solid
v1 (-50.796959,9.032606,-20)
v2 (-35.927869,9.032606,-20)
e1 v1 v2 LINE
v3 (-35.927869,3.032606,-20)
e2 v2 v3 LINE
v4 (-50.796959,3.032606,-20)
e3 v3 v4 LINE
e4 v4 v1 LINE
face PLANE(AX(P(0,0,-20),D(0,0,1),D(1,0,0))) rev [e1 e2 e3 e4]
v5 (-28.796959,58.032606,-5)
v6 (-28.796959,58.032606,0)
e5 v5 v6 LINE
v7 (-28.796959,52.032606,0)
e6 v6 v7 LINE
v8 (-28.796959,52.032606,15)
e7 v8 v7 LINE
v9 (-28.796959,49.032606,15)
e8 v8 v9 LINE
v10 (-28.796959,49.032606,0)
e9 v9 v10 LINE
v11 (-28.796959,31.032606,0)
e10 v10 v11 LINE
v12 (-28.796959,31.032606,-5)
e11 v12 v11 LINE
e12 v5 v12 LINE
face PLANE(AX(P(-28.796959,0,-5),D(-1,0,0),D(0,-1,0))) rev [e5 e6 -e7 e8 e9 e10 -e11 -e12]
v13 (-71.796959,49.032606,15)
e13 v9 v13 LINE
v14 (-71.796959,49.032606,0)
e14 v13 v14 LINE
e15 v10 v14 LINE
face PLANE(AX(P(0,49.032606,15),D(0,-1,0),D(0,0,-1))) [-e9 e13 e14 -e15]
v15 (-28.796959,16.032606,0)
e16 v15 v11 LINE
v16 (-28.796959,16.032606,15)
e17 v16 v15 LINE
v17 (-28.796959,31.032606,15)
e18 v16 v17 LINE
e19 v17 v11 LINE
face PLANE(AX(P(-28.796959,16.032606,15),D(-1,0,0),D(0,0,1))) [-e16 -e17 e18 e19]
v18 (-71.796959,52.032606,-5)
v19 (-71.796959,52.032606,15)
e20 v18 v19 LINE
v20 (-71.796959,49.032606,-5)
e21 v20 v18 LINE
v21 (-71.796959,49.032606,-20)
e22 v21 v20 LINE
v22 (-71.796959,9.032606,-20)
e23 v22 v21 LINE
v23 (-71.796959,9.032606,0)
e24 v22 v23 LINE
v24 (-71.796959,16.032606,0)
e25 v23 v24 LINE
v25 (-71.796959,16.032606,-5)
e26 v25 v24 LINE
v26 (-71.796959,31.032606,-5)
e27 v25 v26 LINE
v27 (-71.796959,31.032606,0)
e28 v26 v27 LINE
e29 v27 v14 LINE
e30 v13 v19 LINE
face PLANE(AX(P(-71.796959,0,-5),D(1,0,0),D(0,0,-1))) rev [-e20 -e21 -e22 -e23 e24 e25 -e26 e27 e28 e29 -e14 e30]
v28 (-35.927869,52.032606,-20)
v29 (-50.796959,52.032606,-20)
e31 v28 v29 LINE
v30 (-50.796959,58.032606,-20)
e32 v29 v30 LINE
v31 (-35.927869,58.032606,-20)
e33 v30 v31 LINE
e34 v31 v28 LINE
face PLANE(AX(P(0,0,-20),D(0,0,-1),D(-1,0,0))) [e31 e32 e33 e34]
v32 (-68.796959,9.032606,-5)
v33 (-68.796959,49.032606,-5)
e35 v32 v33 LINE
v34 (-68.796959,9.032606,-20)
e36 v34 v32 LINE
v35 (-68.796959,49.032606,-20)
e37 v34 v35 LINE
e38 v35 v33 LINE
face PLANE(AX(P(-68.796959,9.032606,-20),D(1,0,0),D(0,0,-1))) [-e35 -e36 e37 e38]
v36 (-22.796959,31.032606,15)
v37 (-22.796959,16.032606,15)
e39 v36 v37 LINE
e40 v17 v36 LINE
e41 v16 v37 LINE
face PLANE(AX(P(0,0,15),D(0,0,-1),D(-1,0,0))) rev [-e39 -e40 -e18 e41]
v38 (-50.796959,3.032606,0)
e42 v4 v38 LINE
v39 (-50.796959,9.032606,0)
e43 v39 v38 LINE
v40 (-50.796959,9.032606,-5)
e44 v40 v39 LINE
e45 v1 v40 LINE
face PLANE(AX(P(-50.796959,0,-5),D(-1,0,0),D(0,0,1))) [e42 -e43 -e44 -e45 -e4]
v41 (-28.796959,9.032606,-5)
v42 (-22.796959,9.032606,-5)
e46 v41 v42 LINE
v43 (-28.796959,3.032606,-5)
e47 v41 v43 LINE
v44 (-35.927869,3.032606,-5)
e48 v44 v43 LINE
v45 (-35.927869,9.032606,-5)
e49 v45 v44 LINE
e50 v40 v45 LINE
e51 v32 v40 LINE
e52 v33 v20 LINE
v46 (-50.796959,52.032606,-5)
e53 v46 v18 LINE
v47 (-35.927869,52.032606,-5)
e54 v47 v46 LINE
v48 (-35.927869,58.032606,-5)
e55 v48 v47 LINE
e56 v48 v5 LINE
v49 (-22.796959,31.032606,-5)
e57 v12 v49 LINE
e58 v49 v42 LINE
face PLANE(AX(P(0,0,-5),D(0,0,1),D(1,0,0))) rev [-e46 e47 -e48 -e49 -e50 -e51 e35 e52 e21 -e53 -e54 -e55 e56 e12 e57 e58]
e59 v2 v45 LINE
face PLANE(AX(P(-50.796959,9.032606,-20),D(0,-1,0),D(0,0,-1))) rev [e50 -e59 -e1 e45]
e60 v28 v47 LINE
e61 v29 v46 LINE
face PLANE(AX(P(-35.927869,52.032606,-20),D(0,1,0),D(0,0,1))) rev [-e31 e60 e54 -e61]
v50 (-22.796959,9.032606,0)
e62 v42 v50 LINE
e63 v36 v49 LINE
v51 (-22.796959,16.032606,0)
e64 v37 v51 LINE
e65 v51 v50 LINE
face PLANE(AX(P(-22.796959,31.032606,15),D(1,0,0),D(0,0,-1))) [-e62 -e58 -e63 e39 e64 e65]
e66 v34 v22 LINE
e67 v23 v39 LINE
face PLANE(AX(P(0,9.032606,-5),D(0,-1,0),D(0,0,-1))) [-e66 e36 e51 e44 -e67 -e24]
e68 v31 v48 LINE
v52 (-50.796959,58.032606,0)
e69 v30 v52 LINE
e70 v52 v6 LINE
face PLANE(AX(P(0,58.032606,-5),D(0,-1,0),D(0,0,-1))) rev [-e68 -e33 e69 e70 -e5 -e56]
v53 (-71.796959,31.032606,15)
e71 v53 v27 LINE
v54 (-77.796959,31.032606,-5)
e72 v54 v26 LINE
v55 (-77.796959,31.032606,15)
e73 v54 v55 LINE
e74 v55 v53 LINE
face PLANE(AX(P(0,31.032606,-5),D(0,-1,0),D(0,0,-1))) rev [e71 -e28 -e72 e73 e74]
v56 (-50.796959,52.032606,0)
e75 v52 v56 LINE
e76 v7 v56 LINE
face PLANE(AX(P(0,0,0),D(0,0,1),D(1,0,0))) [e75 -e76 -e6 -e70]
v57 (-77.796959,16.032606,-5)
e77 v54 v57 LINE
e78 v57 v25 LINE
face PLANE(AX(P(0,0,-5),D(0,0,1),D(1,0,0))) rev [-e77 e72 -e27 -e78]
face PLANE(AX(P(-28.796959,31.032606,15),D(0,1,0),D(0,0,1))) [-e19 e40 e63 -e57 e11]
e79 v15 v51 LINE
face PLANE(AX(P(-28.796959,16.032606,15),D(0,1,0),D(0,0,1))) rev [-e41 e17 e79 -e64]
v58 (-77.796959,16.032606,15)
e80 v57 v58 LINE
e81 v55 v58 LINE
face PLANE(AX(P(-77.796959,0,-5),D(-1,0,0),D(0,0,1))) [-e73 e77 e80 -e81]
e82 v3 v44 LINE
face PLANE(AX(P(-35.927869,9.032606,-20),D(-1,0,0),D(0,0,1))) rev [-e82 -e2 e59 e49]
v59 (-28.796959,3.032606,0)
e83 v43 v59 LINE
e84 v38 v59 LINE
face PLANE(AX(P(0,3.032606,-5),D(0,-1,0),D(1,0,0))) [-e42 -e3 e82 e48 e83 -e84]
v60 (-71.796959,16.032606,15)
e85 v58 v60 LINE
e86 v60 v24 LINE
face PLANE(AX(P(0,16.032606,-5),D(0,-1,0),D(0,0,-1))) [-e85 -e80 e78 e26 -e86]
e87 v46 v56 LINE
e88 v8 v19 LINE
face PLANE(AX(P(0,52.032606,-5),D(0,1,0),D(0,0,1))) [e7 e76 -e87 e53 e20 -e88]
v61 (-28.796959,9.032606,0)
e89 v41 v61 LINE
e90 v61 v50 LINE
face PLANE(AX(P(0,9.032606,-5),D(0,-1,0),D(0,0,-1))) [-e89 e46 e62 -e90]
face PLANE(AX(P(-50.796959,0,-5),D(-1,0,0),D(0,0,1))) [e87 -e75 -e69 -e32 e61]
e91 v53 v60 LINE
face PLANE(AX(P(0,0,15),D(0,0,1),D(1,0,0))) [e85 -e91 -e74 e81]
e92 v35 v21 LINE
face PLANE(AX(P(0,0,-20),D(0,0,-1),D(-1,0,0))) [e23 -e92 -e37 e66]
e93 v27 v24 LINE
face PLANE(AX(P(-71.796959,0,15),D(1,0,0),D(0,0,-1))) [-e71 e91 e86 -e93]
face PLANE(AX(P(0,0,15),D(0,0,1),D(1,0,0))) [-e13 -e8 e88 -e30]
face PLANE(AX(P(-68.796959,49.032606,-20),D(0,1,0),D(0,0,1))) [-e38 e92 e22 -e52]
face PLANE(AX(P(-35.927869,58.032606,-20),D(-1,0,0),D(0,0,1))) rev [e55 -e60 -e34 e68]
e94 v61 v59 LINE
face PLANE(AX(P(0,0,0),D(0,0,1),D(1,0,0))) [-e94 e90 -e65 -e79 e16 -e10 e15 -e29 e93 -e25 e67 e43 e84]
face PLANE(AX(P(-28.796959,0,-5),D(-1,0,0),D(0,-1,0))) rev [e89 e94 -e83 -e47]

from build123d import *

# Parameters (mm, degrees)
SKETCH_1_W        = 6
SKETCH_1_H        = 15
EXTRUDE_3_DEPTH   = 15
SKETCH_1_7_W      = 6
SKETCH_1_7_H      = 15
EXTRUDE_3_2_DEPTH = 15
EXTRUDE_4_DEPTH   = 15
EXTRUDE_5_DEPTH   = 5
SKETCH_1_13_W     = 3
SKETCH_1_13_H     = 40
EXTRUDE_10_DEPTH  = 20
SKETCH_3_W        = 14.869090603
SKETCH_3_H        = 6
EXTRUDE_15_DEPTH  = 15


with BuildPart() as part:
    # 草图1 → Extrude 3 (new body)
    with BuildSketch(Plane.XY):
        with Locations((-25.796959303, 23.532605762)):
            Rectangle(SKETCH_1_W, SKETCH_1_H)
    extrude(amount=EXTRUDE_3_DEPTH)



with BuildPart() as body_2:
    # 草图1<7> → Extrude 3 2 (new body)
    with BuildSketch(Plane.XY):
        with Locations((-74.796959303, 23.532605762)):
            Rectangle(SKETCH_1_7_W, SKETCH_1_7_H)
    extrude(amount=EXTRUDE_3_2_DEPTH)


with BuildPart() as body_3:
    # 草图1<8> → 凸台-拉伸4 (new body)
    with BuildSketch(Plane.XY):
        Polygon((-71.796959303, 49.032605762), (-68.796959303, 49.032605762), (-50.796959303, 49.032605762), (-28.796959303, 49.032605762), (-28.796959303, 52.032605762), (-35.796959303, 52.032605762), (-50.796959303, 52.032605762), (-71.796959303, 52.032605762), align=None)
    extrude(amount=EXTRUDE_4_DEPTH)


with BuildPart() as part_1:
    add(part.part)

    add(body_2.part)  # 凸台-拉伸5 merges body 2

    add(body_3.part)  # 凸台-拉伸5 merges body 3
    # 草图1<11> → 凸台-拉伸5 (add)
    with BuildSketch(Plane.XY):
        Polygon((-50.796959303, 3.032605762), (-28.796959303, 3.032605762), (-28.796959303, 9.032605762), (-22.796959303, 9.032605762), (-22.796959303, 31.032605762), (-28.796959303, 31.032605762), (-28.796959303, 58.032605762), (-50.796959303, 58.032605762), (-50.796959303, 52.032605762), (-71.796959303, 52.032605762), (-71.796959303, 31.032605762), (-77.796959303, 31.032605762), (-77.796959303, 16.032605762), (-71.796959303, 16.032605762), (-71.796959303, 9.032605762), (-50.796959303, 9.032605762), align=None)
    extrude(amount=-EXTRUDE_5_DEPTH)

    # 草图1<13> → 凸台-拉伸10 (add)
    with BuildSketch(Plane.XY):
        with Locations((-70.296959303, 29.032605762)):
            Rectangle(SKETCH_1_13_W, SKETCH_1_13_H)
    extrude(amount=-EXTRUDE_10_DEPTH)

    # 草图3 → 凸台-拉伸15 (add)
    with BuildSketch(Plane(origin=(0, 0, -5), x_dir=(-1, 0, 0), z_dir=(0, 0, -1))):
        with Locations((43.362414001, 55.032605762)):
            Rectangle(SKETCH_3_W, SKETCH_3_H)
        with Locations((43.362414001, 6.032605762)):
            Rectangle(SKETCH_3_W, SKETCH_3_H)
    extrude(amount=EXTRUDE_15_DEPTH)


solid = part_1.part
